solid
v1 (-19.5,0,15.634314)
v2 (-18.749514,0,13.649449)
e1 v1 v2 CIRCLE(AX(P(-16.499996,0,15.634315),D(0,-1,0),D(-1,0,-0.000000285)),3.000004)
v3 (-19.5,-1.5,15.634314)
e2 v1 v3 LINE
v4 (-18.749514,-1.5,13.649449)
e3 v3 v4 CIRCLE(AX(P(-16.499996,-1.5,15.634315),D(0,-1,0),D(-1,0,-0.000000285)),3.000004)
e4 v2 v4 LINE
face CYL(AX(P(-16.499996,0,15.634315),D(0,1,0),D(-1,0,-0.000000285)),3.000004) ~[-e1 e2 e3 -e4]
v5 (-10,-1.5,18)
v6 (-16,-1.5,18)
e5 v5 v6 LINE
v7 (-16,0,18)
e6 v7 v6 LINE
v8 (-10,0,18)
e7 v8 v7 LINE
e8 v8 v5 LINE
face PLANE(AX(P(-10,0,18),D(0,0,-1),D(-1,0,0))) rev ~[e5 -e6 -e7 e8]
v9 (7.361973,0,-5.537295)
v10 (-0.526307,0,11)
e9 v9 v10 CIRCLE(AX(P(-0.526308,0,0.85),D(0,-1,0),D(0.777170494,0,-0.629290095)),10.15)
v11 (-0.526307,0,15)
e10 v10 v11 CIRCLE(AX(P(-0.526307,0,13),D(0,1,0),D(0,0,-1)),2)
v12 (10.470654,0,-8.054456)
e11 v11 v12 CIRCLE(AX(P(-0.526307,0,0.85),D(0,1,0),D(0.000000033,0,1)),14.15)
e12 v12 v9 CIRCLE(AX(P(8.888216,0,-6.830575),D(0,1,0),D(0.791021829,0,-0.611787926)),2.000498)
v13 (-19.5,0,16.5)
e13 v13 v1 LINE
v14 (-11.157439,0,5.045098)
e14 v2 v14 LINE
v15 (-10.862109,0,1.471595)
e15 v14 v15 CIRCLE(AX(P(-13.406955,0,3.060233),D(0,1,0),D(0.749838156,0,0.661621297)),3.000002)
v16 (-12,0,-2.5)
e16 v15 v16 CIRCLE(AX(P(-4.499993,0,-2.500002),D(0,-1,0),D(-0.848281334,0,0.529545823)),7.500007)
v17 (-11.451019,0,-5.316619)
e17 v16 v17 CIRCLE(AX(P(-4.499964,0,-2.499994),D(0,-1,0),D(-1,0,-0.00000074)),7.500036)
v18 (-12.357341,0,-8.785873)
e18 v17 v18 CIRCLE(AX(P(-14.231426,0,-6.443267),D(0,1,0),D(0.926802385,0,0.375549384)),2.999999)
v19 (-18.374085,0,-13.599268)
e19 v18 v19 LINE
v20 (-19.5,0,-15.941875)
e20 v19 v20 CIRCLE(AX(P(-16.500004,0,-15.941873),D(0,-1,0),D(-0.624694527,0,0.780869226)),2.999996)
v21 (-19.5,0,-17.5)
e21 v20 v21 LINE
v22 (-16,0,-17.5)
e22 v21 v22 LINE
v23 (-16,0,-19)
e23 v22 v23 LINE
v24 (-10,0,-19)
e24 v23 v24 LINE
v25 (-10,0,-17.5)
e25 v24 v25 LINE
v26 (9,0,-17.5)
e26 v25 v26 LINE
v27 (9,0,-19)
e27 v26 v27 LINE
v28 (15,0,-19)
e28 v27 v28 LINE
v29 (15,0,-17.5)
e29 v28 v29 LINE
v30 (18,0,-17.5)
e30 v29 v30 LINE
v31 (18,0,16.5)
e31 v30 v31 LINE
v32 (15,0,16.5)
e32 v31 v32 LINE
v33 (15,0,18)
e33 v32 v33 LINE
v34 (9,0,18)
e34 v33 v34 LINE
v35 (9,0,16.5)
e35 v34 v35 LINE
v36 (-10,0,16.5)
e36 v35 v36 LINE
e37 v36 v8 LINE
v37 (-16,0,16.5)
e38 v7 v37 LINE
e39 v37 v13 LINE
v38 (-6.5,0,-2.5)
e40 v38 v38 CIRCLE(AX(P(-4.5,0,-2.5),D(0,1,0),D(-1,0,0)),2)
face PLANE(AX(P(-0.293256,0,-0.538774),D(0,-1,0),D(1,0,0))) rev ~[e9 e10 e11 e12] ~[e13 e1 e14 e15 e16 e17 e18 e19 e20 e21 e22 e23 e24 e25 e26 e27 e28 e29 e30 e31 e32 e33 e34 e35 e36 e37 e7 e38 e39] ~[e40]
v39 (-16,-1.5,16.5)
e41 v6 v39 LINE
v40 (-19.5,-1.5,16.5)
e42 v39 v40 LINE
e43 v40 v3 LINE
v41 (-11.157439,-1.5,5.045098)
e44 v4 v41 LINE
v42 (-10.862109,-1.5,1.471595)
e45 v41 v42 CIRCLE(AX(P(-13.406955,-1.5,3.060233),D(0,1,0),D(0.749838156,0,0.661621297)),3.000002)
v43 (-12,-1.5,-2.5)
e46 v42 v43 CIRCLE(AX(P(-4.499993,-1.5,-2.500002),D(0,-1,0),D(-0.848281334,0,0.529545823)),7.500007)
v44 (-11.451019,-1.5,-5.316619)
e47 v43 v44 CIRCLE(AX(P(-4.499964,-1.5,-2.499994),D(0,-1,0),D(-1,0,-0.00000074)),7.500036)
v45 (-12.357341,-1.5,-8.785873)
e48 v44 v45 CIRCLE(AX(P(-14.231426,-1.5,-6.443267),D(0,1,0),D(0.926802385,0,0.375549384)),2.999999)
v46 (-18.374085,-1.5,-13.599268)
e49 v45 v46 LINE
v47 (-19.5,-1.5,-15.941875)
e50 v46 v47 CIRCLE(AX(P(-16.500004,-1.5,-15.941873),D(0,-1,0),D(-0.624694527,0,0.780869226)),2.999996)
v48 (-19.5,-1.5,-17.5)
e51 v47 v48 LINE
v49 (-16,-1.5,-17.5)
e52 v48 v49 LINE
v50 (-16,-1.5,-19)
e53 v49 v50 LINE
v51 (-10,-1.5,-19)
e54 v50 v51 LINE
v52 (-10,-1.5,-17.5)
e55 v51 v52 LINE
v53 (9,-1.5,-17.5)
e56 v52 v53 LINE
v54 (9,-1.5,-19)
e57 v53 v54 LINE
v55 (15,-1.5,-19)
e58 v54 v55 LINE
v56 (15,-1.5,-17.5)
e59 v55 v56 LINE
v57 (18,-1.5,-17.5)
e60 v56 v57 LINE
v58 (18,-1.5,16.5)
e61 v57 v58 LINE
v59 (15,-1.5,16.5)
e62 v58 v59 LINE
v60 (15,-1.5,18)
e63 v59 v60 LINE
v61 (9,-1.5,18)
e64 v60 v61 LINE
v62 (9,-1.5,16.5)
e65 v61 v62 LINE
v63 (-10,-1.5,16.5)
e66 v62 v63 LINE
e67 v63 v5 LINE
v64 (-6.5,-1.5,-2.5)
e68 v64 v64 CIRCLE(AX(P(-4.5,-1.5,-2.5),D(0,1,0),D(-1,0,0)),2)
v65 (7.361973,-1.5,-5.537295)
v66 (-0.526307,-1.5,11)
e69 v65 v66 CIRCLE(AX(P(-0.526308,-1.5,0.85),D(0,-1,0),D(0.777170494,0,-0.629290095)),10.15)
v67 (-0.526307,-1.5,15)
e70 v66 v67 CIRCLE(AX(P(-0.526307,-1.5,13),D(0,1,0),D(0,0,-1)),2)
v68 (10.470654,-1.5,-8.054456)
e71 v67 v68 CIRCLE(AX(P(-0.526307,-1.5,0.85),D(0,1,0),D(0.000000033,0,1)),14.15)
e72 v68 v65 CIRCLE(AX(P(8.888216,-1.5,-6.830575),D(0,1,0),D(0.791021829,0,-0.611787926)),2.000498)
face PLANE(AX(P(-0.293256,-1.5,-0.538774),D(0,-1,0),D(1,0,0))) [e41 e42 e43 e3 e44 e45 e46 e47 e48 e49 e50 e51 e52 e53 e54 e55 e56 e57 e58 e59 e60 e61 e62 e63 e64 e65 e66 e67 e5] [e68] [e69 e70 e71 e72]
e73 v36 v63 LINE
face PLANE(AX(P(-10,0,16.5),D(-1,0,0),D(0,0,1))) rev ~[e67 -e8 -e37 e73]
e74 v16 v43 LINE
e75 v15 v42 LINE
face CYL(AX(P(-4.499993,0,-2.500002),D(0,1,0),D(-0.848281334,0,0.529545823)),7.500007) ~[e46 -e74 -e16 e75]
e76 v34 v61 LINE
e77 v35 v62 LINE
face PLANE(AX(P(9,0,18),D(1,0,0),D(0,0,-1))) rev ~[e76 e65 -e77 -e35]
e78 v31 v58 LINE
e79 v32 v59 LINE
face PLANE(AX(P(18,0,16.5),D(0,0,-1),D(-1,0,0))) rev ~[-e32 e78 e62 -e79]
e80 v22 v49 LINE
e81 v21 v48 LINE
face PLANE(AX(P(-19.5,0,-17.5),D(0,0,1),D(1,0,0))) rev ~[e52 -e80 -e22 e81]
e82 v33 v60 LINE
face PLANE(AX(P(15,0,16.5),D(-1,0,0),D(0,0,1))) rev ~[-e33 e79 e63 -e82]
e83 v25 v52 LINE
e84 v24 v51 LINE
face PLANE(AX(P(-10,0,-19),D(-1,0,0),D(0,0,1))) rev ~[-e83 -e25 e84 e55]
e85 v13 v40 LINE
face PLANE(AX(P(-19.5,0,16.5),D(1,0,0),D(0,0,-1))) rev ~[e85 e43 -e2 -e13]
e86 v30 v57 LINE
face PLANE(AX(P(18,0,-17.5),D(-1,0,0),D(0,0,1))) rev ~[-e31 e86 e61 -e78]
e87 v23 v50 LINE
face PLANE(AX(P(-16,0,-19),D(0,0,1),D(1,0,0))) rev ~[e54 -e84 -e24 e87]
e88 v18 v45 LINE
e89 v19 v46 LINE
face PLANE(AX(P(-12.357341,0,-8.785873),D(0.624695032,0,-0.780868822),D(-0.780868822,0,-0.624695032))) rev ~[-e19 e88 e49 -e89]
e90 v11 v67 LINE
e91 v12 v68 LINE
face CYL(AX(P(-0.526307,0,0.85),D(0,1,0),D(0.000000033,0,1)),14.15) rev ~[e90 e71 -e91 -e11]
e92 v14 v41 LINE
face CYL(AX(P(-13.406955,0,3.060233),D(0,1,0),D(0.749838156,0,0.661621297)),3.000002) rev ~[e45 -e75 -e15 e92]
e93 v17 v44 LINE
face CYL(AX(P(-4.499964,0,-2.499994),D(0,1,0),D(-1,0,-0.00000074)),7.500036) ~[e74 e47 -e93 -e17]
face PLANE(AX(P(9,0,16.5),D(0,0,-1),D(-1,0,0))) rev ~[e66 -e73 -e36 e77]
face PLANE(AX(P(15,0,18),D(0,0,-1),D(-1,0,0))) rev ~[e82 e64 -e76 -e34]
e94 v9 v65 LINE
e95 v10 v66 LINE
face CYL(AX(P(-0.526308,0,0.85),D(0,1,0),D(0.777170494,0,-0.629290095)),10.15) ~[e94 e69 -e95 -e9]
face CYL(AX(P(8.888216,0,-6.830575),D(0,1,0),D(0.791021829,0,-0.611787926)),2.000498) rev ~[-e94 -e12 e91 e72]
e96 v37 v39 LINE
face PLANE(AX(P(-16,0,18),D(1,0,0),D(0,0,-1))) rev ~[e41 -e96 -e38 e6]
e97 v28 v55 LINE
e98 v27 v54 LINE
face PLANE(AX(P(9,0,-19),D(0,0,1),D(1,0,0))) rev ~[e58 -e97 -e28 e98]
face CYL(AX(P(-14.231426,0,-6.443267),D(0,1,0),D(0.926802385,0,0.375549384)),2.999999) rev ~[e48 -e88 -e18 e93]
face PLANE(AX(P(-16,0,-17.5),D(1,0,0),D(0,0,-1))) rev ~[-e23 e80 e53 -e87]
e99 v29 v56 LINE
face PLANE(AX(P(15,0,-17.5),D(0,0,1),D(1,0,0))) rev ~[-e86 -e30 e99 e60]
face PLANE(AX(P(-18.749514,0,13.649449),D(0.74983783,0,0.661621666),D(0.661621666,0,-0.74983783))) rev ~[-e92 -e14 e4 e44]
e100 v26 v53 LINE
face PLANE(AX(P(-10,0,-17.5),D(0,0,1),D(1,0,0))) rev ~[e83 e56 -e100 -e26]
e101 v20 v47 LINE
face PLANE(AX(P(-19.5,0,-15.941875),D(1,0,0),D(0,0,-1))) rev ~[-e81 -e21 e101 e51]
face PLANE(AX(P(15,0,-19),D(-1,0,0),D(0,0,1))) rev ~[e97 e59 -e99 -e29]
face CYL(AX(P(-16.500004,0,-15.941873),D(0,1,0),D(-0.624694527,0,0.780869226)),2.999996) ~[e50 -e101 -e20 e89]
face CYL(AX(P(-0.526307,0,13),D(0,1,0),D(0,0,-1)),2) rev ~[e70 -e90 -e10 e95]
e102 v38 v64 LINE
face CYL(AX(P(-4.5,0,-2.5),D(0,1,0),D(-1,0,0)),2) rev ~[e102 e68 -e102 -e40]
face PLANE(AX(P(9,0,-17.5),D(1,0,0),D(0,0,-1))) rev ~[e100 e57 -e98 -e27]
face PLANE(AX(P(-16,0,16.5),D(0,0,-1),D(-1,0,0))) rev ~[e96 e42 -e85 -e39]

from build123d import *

# Parameters (mm, degrees)
F1_DEPTH = 1.5


with BuildPart() as f1:
    # F0 (on Front) → F1 (new body)
    with BuildSketch(Plane.XZ):
        with BuildLine():
            Line((9, -19), (15, -19))
            Line((15, -19), (15, -17.5))
            Line((15, -17.5), (18, -17.5))
            Line((18, -17.5), (18, 16.5))
            Line((18, 16.5), (15, 16.5))
            Line((15, 16.5), (15, 18))
            Line((15, 18), (9, 18))
            Line((9, 18), (9, 16.5))
            Line((9, 16.5), (-10, 16.5))
            Line((-10, 16.5), (-10, 18))
            Line((-10, 18), (-16, 18))
            Line((-16, 18), (-16, 16.5))
            Line((-16, 16.5), (-19.5, 16.5))
            Line((-19.5, 16.5), (-19.5, 15.634314))
            ThreePointArc((-19.5, 15.634314), (-19.306113, 14.57331), (-18.749514, 13.649449))
            Line((-18.749514, 13.649449), (-11.157439, 5.045098))
            ThreePointArc((-11.157439, 5.045098), (-10.417146, 3.307324), (-10.862109, 1.471595))
            ThreePointArc((-10.862109, 1.471595), (-11.709917, -0.434306), (-12, -2.5))
            ThreePointArc((-12, -2.5), (-11.861475, -3.93481), (-11.451019, -5.316619))
            ThreePointArc((-11.451019, -5.316619), (-11.32884, -7.20155), (-12.357341, -8.785873))
            Line((-12.357341, -8.785873), (-18.374085, -13.599268))
            ThreePointArc((-18.374085, -13.599268), (-19.20391, -14.642308), (-19.5, -15.941875))
            Line((-19.5, -15.941875), (-19.5, -17.5))
            Line((-19.5, -17.5), (-16, -17.5))
            Line((-16, -17.5), (-16, -19))
            Line((-16, -19), (-10, -19))
            Line((-10, -19), (-10, -17.5))
            Line((-10, -17.5), (9, -17.5))
            Line((9, -17.5), (9, -19))
        make_face()
        with BuildLine():
            ThreePointArc((-2.5, -2.5), (-4.5, -4.5), (-6.5, -2.5))
            ThreePointArc((-6.5, -2.5), (-4.5, -0.5), (-2.5, -2.5))
        make_face(mode=Mode.SUBTRACT)
        with BuildLine():
            ThreePointArc((10.470654, -8.054456), (7.629322, -8.385303), (7.361973, -5.537295))
            ThreePointArc((7.361973, -5.537295), (8.634848, 5.219866), (-0.526307, 11))
            ThreePointArc((-0.526307, 11), (-2.526307, 13), (-0.526307, 15))
            ThreePointArc((-0.526307, 15), (12.245156, 6.94198), (10.470654, -8.054456))
        make_face(mode=Mode.SUBTRACT)
    extrude(amount=F1_DEPTH)


solid = f1.part
